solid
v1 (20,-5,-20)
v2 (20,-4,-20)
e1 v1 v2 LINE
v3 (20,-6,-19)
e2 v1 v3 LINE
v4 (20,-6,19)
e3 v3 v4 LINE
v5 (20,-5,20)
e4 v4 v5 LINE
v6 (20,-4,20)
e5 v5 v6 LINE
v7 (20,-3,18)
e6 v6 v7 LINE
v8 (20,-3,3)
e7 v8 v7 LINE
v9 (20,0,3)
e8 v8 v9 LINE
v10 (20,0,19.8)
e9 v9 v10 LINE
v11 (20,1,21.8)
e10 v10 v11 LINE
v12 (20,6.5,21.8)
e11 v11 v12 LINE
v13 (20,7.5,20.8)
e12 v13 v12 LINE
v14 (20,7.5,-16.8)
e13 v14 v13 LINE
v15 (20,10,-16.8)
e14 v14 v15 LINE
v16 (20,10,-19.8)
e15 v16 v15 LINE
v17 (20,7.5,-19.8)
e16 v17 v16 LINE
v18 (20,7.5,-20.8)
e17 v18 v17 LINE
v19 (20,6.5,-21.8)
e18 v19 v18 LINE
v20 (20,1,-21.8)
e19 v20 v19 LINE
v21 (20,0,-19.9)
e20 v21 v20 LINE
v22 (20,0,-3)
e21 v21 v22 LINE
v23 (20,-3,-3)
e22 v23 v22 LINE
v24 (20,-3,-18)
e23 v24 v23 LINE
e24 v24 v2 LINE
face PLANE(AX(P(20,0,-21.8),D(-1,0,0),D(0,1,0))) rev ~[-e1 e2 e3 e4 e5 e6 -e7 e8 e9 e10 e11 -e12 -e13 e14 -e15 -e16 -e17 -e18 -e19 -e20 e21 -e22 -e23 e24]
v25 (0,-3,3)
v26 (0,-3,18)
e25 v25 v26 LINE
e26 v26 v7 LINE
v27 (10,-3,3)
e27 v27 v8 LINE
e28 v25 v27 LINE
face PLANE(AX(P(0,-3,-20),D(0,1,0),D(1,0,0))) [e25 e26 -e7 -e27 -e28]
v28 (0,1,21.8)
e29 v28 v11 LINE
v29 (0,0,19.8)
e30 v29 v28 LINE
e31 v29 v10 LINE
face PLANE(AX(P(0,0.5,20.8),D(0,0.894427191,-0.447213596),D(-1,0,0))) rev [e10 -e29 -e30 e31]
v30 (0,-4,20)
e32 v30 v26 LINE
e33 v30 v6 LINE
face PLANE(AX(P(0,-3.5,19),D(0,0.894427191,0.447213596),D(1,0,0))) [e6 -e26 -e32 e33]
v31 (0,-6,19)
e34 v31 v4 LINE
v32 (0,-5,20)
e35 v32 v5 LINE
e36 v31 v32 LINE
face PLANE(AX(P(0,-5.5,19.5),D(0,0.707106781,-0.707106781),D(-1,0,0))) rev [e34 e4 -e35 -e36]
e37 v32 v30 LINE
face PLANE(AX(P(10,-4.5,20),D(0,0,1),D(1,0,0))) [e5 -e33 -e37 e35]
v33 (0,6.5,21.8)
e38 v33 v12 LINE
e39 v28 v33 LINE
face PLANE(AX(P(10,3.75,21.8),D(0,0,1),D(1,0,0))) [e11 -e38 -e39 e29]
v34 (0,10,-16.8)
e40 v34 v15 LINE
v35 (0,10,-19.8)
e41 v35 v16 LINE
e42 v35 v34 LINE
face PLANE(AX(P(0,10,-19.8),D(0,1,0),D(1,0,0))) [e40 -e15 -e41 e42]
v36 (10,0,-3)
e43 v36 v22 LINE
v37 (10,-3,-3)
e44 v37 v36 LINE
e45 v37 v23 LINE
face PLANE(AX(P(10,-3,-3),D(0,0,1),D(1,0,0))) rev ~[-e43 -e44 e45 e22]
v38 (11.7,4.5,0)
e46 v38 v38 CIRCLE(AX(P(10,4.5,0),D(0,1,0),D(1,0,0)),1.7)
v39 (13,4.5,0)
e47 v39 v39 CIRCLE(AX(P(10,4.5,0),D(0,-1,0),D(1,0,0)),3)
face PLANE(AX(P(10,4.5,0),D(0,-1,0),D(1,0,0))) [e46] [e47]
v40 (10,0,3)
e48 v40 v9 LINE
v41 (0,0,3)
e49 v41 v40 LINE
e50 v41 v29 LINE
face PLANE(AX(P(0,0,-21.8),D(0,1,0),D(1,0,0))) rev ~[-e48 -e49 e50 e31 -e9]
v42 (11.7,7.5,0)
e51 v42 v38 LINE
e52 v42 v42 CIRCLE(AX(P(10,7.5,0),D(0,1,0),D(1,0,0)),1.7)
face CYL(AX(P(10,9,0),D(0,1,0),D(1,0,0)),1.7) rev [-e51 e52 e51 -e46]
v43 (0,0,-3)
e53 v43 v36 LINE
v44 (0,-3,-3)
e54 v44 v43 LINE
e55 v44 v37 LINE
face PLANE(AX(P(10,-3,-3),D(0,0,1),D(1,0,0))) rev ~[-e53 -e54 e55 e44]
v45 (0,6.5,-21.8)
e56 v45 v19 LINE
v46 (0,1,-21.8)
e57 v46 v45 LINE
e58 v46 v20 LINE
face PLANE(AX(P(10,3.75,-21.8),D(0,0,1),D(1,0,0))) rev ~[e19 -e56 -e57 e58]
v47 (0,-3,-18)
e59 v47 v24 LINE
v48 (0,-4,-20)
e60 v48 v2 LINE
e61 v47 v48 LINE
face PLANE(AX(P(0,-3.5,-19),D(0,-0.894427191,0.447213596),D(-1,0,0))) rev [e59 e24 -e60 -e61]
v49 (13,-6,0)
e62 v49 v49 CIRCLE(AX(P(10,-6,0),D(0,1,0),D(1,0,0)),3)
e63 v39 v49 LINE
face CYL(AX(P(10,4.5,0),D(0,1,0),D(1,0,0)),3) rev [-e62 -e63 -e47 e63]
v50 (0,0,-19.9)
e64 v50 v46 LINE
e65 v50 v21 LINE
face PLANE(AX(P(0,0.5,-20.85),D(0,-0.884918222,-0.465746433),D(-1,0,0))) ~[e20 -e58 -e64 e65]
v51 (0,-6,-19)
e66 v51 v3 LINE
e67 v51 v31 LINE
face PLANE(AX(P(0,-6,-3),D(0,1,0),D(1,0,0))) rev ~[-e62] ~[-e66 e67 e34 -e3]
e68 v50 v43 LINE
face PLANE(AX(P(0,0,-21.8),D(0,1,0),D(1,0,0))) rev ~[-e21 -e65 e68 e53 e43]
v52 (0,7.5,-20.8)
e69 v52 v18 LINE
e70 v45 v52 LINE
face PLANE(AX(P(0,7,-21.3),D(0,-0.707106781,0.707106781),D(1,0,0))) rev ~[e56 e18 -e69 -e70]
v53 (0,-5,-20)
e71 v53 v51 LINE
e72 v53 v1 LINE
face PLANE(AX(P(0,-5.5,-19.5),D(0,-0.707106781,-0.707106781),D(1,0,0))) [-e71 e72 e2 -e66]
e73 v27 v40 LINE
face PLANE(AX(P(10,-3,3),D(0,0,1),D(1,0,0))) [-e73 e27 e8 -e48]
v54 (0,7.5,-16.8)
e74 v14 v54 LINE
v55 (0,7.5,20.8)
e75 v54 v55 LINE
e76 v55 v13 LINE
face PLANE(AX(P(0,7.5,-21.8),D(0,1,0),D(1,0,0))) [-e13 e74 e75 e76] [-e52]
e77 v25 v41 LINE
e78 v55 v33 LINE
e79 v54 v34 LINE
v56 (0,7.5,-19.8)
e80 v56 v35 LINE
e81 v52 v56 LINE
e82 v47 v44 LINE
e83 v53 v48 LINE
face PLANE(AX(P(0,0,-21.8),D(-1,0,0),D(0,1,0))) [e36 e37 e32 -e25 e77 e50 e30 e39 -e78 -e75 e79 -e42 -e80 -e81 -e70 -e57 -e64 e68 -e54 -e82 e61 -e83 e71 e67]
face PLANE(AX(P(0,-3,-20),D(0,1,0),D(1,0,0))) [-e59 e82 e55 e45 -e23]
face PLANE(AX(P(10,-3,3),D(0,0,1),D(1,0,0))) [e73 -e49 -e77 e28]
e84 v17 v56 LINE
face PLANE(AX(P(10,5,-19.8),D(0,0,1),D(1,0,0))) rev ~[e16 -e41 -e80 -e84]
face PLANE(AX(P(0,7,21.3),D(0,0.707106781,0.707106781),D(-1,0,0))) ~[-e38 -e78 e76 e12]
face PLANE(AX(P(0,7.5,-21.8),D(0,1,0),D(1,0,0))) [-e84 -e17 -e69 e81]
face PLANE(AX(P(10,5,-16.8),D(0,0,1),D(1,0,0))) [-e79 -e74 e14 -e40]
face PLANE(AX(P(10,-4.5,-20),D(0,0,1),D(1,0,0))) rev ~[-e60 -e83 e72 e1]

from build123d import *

# Parameters (mm, degrees)
CYLINDER019_R     = 3
CYLINDER019_DEPTH = 19
CYLINDER020_R     = 1.7
CYLINDER020_DEPTH = 19
BOX035_W          = 20
BOX035_H          = 6
BOX035_DEPTH      = 6
BOX034_W          = 20
BOX034_H          = 10
BOX034_DEPTH      = 3
BOX033_W          = 20
BOX033_H          = 7.5
BOX033_DEPTH      = 43.6
BOX036_W          = 20
BOX036_H          = 3
BOX036_DEPTH      = 40
CHAMFER026_SIZE2  = 2
CHAMFER026_SIZE   = 1
CHAMFER027_SIZE2  = 1
CHAMFER027_SIZE   = 2
CHAMFER028_SIZE2  = 1
CHAMFER028_SIZE   = 2
CHAMFER029_SIZE2  = 1
CHAMFER029_SIZE   = 1.9
CHAMFER030_SIZE   = 1


with BuildPart() as cylinder019:
    # Cylinder019 → Cylinder019 (new body)
    with BuildSketch(Plane(origin=(10, 4.5, 0), x_dir=(1, 0, 0), z_dir=(0, -1, 0))):
        Circle(CYLINDER019_R)
    extrude(amount=CYLINDER019_DEPTH)


with BuildPart() as cylinder020:
    # Cylinder020 → Cylinder020 (new body)
    with BuildSketch(Plane(origin=(10, 9, 0), x_dir=(1, 0, 0), z_dir=(0, -1, 0))):
        Circle(CYLINDER020_R)
    extrude(amount=CYLINDER020_DEPTH)


with BuildPart() as cube035:
    # Box035 → Box035 (new body)
    with BuildSketch(Plane(origin=(0, -6, -3), x_dir=(1, 0, 0), z_dir=(0, 0, 1))):
        with Locations((10, 3)):
            Rectangle(BOX035_W, BOX035_H)
    extrude(amount=BOX035_DEPTH)


with BuildPart() as cube034:
    # Box034 → Box034 (new body)
    with BuildSketch(Plane.XY.offset(-19.8)):
        with Locations((10, 5)):
            Rectangle(BOX034_W, BOX034_H)
    extrude(amount=BOX034_DEPTH)


with BuildPart() as cube033:
    # Box033 → Box033 (new body)
    with BuildSketch(Plane.XY.offset(-21.8)):
        with Locations((10, 3.75)):
            Rectangle(BOX033_W, BOX033_H)
    extrude(amount=BOX033_DEPTH)


with BuildPart() as clip_side_mid_center:
    # Box036 → Box036 (new body)
    with BuildSketch(Plane(origin=(0, -6, -20), x_dir=(1, 0, 0), z_dir=(0, 0, 1))):
        with Locations((10, 1.5)):
            Rectangle(BOX036_W, BOX036_H)
    extrude(amount=BOX036_DEPTH)

    # Fusion013: union Cube035, Cube034, Cube033
    add(cube035.part)
    add(cube034.part)
    add(cube033.part)

    # Chamfer026
    chamfer026_edges = [clip_side_mid_center.edges().sort_by_distance(p)[0] for p in [
        (10, -3, 20),
    ]]
    chamfer026_side = clip_side_mid_center.faces().sort_by_distance((10, -4.5, 20))[0]
    chamfer(chamfer026_edges, length=CHAMFER026_SIZE, length2=CHAMFER026_SIZE2, reference=chamfer026_side)

    # Chamfer027
    chamfer027_edges = [clip_side_mid_center.edges().sort_by_distance(p)[0] for p in [
        (10, -3, -20),
    ]]
    chamfer027_side = clip_side_mid_center.faces().sort_by_distance((10, -3, -11.5))[0]
    chamfer(chamfer027_edges, length=CHAMFER027_SIZE, length2=CHAMFER027_SIZE2, reference=chamfer027_side)

    # Chamfer028
    chamfer028_edges = [clip_side_mid_center.edges().sort_by_distance(p)[0] for p in [
        (10, 0, 21.8),
    ]]
    chamfer028_side = clip_side_mid_center.faces().sort_by_distance((10, 0, 12.4))[0]
    chamfer(chamfer028_edges, length=CHAMFER028_SIZE, length2=CHAMFER028_SIZE2, reference=chamfer028_side)

    # Chamfer029
    chamfer029_edges = [clip_side_mid_center.edges().sort_by_distance(p)[0] for p in [
        (10, 0, -21.8),
    ]]
    chamfer029_side = clip_side_mid_center.faces().sort_by_distance((10, 0, -20.8))[0]
    chamfer(chamfer029_edges, length=CHAMFER029_SIZE, length2=CHAMFER029_SIZE2, reference=chamfer029_side)

    # Chamfer030
    chamfer030_edges = [clip_side_mid_center.edges().sort_by_distance(p)[0] for p in [
        (10, 7.5, -21.8),
        (10, 7.5, 21.8),
        (10, -6, -20),
        (10, -6, 20),
    ]]
    chamfer(chamfer030_edges, length=CHAMFER030_SIZE)

    # Cut016: cut Cylinder020
    add(cylinder020.part, mode=Mode.SUBTRACT)

    # Cut017: cut Cylinder019
    add(cylinder019.part, mode=Mode.SUBTRACT)


solid = clip_side_mid_center.part
